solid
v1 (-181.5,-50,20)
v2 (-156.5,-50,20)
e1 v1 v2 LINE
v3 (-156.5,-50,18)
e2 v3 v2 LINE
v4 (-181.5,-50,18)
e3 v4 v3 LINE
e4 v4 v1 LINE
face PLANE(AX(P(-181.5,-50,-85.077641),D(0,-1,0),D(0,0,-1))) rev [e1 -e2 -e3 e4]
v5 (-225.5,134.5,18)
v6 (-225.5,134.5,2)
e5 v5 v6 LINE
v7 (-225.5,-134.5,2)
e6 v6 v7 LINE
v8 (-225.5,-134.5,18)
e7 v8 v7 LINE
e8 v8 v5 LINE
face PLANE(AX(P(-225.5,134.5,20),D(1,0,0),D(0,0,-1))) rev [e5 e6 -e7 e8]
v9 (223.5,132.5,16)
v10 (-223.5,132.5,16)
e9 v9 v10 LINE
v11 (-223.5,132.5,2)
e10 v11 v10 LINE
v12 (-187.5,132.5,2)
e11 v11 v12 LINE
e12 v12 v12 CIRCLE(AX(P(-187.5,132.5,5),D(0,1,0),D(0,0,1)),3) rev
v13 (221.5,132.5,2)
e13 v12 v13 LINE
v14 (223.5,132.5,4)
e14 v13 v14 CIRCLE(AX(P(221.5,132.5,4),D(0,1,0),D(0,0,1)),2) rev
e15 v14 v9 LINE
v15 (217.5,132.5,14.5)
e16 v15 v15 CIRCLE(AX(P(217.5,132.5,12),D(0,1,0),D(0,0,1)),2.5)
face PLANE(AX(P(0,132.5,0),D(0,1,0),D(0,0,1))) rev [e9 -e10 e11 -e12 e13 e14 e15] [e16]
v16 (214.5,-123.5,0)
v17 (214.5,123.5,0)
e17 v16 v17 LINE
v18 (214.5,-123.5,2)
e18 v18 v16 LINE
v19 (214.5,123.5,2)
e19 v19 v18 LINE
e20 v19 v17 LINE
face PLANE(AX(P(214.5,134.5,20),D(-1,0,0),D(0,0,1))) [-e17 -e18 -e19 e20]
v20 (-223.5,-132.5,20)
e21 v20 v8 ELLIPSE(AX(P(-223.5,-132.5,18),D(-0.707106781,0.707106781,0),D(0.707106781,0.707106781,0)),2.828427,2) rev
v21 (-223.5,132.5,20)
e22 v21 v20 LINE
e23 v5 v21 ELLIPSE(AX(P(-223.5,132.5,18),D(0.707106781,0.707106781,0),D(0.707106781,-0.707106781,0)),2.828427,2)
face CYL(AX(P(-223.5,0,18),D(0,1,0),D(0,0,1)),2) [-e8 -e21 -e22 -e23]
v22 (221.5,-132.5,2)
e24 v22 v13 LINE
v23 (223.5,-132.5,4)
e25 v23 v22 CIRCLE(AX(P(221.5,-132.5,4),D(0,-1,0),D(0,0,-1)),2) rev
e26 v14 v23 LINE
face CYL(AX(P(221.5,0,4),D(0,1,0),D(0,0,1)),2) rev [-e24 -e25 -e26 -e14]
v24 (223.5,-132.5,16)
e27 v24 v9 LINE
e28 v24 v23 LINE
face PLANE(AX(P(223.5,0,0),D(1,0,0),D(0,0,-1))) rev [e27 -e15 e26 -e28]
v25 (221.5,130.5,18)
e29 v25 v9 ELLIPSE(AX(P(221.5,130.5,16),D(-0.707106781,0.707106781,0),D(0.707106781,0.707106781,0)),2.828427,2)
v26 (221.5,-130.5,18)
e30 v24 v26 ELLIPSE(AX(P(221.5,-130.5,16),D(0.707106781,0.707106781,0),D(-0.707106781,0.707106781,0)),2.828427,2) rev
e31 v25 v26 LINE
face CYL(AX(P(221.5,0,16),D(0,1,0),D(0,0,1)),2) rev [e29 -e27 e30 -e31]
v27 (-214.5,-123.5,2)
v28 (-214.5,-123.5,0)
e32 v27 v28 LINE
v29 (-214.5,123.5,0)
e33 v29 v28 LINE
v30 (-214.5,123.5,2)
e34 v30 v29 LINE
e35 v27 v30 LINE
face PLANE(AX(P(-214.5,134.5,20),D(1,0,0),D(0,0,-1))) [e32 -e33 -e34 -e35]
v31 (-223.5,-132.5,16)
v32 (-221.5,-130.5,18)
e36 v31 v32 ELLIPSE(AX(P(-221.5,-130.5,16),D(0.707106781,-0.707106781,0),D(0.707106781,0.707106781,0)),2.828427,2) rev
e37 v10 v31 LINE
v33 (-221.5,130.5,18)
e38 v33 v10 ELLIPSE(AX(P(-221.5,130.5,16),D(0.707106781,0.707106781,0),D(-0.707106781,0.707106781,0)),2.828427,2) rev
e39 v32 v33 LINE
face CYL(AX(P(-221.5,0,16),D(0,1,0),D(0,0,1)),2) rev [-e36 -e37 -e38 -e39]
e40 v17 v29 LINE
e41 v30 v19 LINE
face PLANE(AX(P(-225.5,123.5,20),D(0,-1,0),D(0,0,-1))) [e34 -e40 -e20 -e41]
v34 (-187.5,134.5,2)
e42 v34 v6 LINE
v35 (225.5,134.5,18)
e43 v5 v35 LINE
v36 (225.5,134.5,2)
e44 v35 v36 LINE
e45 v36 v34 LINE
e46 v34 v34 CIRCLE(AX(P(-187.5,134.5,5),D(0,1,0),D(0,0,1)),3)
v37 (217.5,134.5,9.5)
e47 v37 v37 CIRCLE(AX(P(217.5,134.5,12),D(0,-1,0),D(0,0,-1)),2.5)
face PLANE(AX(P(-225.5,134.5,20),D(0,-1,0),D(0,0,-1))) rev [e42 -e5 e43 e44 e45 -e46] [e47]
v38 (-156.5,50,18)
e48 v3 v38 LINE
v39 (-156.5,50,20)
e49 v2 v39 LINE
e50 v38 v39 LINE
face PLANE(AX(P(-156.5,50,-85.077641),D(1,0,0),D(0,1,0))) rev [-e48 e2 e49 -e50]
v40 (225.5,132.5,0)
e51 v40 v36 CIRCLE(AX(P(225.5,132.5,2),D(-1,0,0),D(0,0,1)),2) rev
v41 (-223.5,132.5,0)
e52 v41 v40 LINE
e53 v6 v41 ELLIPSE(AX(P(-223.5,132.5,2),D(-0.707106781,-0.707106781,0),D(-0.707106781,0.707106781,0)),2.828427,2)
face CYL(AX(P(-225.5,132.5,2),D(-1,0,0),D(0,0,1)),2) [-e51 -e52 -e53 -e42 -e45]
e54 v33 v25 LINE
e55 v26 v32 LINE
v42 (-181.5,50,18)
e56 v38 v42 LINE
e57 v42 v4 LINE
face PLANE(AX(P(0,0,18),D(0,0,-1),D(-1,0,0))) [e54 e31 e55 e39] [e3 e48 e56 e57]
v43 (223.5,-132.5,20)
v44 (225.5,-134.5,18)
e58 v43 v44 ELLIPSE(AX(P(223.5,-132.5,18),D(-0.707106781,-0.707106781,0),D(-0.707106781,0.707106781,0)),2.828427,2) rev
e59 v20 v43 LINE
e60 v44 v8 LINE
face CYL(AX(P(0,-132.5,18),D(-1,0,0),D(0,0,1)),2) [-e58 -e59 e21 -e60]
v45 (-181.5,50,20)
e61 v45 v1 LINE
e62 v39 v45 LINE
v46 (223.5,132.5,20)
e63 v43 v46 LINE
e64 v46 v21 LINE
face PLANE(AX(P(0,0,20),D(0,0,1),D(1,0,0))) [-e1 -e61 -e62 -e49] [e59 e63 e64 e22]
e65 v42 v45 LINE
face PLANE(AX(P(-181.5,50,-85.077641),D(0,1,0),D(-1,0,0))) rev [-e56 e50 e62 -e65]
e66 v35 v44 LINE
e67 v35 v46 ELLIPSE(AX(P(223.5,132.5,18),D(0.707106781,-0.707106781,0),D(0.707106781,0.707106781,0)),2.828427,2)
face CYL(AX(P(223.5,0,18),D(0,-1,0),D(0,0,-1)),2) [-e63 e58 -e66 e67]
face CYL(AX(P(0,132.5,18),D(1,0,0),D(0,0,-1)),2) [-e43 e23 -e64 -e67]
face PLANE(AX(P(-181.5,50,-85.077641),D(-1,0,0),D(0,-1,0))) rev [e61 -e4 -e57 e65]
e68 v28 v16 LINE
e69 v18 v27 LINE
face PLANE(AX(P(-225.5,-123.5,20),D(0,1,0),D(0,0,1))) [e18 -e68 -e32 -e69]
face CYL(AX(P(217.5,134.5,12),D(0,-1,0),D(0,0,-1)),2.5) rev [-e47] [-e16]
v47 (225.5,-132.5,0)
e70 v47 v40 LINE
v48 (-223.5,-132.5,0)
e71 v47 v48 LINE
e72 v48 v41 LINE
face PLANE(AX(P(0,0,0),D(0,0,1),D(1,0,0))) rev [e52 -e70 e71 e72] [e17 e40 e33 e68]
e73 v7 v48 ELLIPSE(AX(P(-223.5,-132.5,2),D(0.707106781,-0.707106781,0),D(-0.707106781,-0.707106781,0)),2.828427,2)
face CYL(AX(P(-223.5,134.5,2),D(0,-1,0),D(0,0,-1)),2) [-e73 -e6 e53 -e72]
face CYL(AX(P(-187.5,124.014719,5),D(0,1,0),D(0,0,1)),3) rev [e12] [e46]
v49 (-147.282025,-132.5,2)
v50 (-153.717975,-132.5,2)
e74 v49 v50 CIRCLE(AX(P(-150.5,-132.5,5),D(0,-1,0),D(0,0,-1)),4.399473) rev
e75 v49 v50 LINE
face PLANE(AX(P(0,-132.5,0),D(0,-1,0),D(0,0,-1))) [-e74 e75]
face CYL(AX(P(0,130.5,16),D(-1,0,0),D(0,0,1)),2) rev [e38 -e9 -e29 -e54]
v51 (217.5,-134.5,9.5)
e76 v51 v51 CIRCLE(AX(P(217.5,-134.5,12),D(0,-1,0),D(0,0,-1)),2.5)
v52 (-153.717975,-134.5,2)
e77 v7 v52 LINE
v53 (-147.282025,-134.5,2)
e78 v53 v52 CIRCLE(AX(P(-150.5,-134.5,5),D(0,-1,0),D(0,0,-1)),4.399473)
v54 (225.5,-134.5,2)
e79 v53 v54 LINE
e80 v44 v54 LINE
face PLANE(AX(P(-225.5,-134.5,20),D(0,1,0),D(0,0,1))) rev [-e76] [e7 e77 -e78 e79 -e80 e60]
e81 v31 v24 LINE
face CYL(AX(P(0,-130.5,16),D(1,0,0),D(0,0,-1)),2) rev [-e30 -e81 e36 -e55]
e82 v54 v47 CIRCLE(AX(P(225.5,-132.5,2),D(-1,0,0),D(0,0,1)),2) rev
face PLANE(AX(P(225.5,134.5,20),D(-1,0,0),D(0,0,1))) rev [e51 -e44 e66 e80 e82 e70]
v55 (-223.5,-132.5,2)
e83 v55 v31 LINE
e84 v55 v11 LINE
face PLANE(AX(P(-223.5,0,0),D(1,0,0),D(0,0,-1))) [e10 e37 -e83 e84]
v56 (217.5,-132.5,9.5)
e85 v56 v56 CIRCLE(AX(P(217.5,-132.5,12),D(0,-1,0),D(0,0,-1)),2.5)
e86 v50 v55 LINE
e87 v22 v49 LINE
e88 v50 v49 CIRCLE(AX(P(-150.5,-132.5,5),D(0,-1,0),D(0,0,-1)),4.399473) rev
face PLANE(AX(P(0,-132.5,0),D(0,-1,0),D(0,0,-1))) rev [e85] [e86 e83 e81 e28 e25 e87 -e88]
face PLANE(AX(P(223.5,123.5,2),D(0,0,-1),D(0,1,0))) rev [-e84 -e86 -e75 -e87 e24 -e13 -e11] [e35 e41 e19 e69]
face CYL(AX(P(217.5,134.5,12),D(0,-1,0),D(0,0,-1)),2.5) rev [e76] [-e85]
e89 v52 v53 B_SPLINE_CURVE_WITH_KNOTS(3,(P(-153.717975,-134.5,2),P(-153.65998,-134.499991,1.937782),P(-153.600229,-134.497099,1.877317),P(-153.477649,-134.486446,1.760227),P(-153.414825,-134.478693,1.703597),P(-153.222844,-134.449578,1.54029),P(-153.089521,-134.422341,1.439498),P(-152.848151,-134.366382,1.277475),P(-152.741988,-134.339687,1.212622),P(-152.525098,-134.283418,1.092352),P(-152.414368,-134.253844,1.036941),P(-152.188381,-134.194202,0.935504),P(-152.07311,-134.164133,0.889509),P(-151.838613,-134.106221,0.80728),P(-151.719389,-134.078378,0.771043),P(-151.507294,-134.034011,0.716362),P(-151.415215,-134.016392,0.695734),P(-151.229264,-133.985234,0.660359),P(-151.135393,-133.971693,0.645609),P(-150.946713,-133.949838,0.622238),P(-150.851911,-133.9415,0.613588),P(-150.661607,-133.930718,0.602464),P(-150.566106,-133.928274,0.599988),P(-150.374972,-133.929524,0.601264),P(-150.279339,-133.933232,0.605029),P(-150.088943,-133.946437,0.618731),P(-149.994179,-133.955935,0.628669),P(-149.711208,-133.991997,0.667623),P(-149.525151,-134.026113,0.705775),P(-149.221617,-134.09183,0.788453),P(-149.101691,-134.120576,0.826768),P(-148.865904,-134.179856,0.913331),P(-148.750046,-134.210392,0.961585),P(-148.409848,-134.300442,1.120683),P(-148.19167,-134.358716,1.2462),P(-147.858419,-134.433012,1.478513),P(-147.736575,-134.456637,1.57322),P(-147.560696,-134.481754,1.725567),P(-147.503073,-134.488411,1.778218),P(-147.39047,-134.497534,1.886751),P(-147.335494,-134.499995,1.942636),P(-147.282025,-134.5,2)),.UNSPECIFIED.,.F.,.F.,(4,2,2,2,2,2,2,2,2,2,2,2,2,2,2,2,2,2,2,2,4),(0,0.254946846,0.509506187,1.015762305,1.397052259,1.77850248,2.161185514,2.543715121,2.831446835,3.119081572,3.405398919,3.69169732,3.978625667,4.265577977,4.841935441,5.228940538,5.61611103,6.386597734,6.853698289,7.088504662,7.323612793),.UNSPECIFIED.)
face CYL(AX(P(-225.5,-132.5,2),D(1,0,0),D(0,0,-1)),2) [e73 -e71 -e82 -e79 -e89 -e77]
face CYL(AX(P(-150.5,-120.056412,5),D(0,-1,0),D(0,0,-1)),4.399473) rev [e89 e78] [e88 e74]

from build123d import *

# Parameters (mm, degrees)
SKETCH1_W           = 451
SKETCH1_H           = 269
BOSS_EXTRUDE1_DEPTH = 20
SHELL1_T            = -11
SKETCH2_W           = 429
SKETCH2_H           = 247
CUT_EXTRUDE1_DEPTH  = 9
SKETCH4_W           = 16
SKETCH4_H           = 247
CUT_EXTRUDE3_DEPTH  = 9
SKETCH8_W           = 438
SKETCH8_H           = 16
CUT_EXTRUDE4_DEPTH  = 9
SKETCH9_W           = 16
SKETCH9_H           = 256
CUT_EXTRUDE5_DEPTH  = 9
SKETCH10_W          = 447
SKETCH10_H          = 16
CUT_EXTRUDE6_DEPTH  = 9
SKETCH11_W          = 25
SKETCH11_H          = 100
CUT_EXTRUDE7_DEPTH  = 2
FILLET1_R           = 2
FILLET2_R           = 2
SKETCH12_R          = 3
CUT_EXTRUDE8_DEPTH  = 2
SKETCH13_R          = 4.399472723
CUT_EXTRUDE9_DEPTH  = 2
SKETCH14_R          = 2.5
CUT_EXTRUDE10_DEPTH = 270


with BuildPart() as part:
    # Sketch1 → Boss-Extrude1 (new body)
    with BuildSketch(Plane.XY):
        Rectangle(SKETCH1_W, SKETCH1_H)
    extrude(amount=BOSS_EXTRUDE1_DEPTH)

    # Shell1
    shell1_openings = [part.faces().sort_by_distance(p)[0] for p in [
        (0, 0, 0),
    ]]
    offset(amount=SHELL1_T, openings=shell1_openings, kind=Kind.INTERSECTION)

    # Sketch2 → Cut-Extrude1 (cut)
    with BuildSketch(Plane(origin=(0, 0, 9), x_dir=(-1, 0, 0), z_dir=(0, 0, -1))):
        Rectangle(SKETCH2_W, SKETCH2_H)
    extrude(amount=-CUT_EXTRUDE1_DEPTH, mode=Mode.SUBTRACT)

    # Sketch4 → Cut-Extrude3 (cut)
    with BuildSketch(Plane.ZY.offset(-214.5)):
        with Locations((10, 0)):
            Rectangle(SKETCH4_W, SKETCH4_H)
    extrude(amount=-CUT_EXTRUDE3_DEPTH, mode=Mode.SUBTRACT)

    # Sketch8 → Cut-Extrude4 (cut)
    with BuildSketch(Plane.XZ.offset(-123.5)):
        with Locations((4.5, 10)):
            Rectangle(SKETCH8_W, SKETCH8_H)
    extrude(amount=-CUT_EXTRUDE4_DEPTH, mode=Mode.SUBTRACT)

    # Sketch9 → Cut-Extrude5 (cut)
    with BuildSketch(Plane(origin=(-214.5, 0, 0), x_dir=(0, 0, -1), z_dir=(1, 0, 0))):
        with Locations((-10, 4.5)):
            Rectangle(SKETCH9_W, SKETCH9_H)
    extrude(amount=-CUT_EXTRUDE5_DEPTH, mode=Mode.SUBTRACT)

    # Sketch10 → Cut-Extrude6 (cut)
    with BuildSketch(Plane(origin=(0, -123.5, 0), x_dir=(1, 0, 0), z_dir=(0, 1, 0))):
        with Locations((0, -10)):
            Rectangle(SKETCH10_W, SKETCH10_H)
    extrude(amount=-CUT_EXTRUDE6_DEPTH, mode=Mode.SUBTRACT)

    # Sketch11 → Cut-Extrude7 (cut)
    with BuildSketch(Plane.XY.offset(20)):
        with Locations((-169, 0)):
            Rectangle(SKETCH11_W, SKETCH11_H)
    extrude(amount=-CUT_EXTRUDE7_DEPTH, mode=Mode.SUBTRACT)

    # Fillet1
    fillet1_edges = [part.edges().sort_by_distance(p)[0] for p in [
        (-225.5, 0, 20),
        (0, -134.5, 20),
        (223.5, 0, 2),
        (225.5, 0, 20),
        (0, -134.5, 0),
        (-225.5, 0, 0),
        (0, 134.5, 0),
        (0, 134.5, 20),
    ]]
    fillet(fillet1_edges, radius=FILLET1_R)

    # Fillet2
    fillet2_edges = [part.edges().sort_by_distance(p)[0] for p in [
        (223.5, 0, 18),
        (0, 132.5, 18),
        (-223.5, 0, 18),
        (0, -132.5, 18),
    ]]
    fillet(fillet2_edges, radius=FILLET2_R)

    # Sketch12 → Cut-Extrude8 (cut)
    with BuildSketch(Plane(origin=(0, 134.5, 0), x_dir=(1, 0, 0), z_dir=(0, 1, 0))):
        with Locations((-187.5, -5)):
            Circle(SKETCH12_R)
    extrude(amount=-CUT_EXTRUDE8_DEPTH, mode=Mode.SUBTRACT)

    # Sketch13 → Cut-Extrude9 (cut)
    with BuildSketch(Plane.XZ.offset(134.5)):
        with Locations((-150.5, 5)):
            Circle(SKETCH13_R)
    extrude(amount=-CUT_EXTRUDE9_DEPTH, mode=Mode.SUBTRACT)

    # Sketch14 → Cut-Extrude10 (cut, through all)
    with BuildSketch(Plane.XZ.offset(134.5)):
        with Locations((217.5, 12)):
            Circle(SKETCH14_R)
    extrude(amount=-CUT_EXTRUDE10_DEPTH, mode=Mode.SUBTRACT)


solid = part.part
